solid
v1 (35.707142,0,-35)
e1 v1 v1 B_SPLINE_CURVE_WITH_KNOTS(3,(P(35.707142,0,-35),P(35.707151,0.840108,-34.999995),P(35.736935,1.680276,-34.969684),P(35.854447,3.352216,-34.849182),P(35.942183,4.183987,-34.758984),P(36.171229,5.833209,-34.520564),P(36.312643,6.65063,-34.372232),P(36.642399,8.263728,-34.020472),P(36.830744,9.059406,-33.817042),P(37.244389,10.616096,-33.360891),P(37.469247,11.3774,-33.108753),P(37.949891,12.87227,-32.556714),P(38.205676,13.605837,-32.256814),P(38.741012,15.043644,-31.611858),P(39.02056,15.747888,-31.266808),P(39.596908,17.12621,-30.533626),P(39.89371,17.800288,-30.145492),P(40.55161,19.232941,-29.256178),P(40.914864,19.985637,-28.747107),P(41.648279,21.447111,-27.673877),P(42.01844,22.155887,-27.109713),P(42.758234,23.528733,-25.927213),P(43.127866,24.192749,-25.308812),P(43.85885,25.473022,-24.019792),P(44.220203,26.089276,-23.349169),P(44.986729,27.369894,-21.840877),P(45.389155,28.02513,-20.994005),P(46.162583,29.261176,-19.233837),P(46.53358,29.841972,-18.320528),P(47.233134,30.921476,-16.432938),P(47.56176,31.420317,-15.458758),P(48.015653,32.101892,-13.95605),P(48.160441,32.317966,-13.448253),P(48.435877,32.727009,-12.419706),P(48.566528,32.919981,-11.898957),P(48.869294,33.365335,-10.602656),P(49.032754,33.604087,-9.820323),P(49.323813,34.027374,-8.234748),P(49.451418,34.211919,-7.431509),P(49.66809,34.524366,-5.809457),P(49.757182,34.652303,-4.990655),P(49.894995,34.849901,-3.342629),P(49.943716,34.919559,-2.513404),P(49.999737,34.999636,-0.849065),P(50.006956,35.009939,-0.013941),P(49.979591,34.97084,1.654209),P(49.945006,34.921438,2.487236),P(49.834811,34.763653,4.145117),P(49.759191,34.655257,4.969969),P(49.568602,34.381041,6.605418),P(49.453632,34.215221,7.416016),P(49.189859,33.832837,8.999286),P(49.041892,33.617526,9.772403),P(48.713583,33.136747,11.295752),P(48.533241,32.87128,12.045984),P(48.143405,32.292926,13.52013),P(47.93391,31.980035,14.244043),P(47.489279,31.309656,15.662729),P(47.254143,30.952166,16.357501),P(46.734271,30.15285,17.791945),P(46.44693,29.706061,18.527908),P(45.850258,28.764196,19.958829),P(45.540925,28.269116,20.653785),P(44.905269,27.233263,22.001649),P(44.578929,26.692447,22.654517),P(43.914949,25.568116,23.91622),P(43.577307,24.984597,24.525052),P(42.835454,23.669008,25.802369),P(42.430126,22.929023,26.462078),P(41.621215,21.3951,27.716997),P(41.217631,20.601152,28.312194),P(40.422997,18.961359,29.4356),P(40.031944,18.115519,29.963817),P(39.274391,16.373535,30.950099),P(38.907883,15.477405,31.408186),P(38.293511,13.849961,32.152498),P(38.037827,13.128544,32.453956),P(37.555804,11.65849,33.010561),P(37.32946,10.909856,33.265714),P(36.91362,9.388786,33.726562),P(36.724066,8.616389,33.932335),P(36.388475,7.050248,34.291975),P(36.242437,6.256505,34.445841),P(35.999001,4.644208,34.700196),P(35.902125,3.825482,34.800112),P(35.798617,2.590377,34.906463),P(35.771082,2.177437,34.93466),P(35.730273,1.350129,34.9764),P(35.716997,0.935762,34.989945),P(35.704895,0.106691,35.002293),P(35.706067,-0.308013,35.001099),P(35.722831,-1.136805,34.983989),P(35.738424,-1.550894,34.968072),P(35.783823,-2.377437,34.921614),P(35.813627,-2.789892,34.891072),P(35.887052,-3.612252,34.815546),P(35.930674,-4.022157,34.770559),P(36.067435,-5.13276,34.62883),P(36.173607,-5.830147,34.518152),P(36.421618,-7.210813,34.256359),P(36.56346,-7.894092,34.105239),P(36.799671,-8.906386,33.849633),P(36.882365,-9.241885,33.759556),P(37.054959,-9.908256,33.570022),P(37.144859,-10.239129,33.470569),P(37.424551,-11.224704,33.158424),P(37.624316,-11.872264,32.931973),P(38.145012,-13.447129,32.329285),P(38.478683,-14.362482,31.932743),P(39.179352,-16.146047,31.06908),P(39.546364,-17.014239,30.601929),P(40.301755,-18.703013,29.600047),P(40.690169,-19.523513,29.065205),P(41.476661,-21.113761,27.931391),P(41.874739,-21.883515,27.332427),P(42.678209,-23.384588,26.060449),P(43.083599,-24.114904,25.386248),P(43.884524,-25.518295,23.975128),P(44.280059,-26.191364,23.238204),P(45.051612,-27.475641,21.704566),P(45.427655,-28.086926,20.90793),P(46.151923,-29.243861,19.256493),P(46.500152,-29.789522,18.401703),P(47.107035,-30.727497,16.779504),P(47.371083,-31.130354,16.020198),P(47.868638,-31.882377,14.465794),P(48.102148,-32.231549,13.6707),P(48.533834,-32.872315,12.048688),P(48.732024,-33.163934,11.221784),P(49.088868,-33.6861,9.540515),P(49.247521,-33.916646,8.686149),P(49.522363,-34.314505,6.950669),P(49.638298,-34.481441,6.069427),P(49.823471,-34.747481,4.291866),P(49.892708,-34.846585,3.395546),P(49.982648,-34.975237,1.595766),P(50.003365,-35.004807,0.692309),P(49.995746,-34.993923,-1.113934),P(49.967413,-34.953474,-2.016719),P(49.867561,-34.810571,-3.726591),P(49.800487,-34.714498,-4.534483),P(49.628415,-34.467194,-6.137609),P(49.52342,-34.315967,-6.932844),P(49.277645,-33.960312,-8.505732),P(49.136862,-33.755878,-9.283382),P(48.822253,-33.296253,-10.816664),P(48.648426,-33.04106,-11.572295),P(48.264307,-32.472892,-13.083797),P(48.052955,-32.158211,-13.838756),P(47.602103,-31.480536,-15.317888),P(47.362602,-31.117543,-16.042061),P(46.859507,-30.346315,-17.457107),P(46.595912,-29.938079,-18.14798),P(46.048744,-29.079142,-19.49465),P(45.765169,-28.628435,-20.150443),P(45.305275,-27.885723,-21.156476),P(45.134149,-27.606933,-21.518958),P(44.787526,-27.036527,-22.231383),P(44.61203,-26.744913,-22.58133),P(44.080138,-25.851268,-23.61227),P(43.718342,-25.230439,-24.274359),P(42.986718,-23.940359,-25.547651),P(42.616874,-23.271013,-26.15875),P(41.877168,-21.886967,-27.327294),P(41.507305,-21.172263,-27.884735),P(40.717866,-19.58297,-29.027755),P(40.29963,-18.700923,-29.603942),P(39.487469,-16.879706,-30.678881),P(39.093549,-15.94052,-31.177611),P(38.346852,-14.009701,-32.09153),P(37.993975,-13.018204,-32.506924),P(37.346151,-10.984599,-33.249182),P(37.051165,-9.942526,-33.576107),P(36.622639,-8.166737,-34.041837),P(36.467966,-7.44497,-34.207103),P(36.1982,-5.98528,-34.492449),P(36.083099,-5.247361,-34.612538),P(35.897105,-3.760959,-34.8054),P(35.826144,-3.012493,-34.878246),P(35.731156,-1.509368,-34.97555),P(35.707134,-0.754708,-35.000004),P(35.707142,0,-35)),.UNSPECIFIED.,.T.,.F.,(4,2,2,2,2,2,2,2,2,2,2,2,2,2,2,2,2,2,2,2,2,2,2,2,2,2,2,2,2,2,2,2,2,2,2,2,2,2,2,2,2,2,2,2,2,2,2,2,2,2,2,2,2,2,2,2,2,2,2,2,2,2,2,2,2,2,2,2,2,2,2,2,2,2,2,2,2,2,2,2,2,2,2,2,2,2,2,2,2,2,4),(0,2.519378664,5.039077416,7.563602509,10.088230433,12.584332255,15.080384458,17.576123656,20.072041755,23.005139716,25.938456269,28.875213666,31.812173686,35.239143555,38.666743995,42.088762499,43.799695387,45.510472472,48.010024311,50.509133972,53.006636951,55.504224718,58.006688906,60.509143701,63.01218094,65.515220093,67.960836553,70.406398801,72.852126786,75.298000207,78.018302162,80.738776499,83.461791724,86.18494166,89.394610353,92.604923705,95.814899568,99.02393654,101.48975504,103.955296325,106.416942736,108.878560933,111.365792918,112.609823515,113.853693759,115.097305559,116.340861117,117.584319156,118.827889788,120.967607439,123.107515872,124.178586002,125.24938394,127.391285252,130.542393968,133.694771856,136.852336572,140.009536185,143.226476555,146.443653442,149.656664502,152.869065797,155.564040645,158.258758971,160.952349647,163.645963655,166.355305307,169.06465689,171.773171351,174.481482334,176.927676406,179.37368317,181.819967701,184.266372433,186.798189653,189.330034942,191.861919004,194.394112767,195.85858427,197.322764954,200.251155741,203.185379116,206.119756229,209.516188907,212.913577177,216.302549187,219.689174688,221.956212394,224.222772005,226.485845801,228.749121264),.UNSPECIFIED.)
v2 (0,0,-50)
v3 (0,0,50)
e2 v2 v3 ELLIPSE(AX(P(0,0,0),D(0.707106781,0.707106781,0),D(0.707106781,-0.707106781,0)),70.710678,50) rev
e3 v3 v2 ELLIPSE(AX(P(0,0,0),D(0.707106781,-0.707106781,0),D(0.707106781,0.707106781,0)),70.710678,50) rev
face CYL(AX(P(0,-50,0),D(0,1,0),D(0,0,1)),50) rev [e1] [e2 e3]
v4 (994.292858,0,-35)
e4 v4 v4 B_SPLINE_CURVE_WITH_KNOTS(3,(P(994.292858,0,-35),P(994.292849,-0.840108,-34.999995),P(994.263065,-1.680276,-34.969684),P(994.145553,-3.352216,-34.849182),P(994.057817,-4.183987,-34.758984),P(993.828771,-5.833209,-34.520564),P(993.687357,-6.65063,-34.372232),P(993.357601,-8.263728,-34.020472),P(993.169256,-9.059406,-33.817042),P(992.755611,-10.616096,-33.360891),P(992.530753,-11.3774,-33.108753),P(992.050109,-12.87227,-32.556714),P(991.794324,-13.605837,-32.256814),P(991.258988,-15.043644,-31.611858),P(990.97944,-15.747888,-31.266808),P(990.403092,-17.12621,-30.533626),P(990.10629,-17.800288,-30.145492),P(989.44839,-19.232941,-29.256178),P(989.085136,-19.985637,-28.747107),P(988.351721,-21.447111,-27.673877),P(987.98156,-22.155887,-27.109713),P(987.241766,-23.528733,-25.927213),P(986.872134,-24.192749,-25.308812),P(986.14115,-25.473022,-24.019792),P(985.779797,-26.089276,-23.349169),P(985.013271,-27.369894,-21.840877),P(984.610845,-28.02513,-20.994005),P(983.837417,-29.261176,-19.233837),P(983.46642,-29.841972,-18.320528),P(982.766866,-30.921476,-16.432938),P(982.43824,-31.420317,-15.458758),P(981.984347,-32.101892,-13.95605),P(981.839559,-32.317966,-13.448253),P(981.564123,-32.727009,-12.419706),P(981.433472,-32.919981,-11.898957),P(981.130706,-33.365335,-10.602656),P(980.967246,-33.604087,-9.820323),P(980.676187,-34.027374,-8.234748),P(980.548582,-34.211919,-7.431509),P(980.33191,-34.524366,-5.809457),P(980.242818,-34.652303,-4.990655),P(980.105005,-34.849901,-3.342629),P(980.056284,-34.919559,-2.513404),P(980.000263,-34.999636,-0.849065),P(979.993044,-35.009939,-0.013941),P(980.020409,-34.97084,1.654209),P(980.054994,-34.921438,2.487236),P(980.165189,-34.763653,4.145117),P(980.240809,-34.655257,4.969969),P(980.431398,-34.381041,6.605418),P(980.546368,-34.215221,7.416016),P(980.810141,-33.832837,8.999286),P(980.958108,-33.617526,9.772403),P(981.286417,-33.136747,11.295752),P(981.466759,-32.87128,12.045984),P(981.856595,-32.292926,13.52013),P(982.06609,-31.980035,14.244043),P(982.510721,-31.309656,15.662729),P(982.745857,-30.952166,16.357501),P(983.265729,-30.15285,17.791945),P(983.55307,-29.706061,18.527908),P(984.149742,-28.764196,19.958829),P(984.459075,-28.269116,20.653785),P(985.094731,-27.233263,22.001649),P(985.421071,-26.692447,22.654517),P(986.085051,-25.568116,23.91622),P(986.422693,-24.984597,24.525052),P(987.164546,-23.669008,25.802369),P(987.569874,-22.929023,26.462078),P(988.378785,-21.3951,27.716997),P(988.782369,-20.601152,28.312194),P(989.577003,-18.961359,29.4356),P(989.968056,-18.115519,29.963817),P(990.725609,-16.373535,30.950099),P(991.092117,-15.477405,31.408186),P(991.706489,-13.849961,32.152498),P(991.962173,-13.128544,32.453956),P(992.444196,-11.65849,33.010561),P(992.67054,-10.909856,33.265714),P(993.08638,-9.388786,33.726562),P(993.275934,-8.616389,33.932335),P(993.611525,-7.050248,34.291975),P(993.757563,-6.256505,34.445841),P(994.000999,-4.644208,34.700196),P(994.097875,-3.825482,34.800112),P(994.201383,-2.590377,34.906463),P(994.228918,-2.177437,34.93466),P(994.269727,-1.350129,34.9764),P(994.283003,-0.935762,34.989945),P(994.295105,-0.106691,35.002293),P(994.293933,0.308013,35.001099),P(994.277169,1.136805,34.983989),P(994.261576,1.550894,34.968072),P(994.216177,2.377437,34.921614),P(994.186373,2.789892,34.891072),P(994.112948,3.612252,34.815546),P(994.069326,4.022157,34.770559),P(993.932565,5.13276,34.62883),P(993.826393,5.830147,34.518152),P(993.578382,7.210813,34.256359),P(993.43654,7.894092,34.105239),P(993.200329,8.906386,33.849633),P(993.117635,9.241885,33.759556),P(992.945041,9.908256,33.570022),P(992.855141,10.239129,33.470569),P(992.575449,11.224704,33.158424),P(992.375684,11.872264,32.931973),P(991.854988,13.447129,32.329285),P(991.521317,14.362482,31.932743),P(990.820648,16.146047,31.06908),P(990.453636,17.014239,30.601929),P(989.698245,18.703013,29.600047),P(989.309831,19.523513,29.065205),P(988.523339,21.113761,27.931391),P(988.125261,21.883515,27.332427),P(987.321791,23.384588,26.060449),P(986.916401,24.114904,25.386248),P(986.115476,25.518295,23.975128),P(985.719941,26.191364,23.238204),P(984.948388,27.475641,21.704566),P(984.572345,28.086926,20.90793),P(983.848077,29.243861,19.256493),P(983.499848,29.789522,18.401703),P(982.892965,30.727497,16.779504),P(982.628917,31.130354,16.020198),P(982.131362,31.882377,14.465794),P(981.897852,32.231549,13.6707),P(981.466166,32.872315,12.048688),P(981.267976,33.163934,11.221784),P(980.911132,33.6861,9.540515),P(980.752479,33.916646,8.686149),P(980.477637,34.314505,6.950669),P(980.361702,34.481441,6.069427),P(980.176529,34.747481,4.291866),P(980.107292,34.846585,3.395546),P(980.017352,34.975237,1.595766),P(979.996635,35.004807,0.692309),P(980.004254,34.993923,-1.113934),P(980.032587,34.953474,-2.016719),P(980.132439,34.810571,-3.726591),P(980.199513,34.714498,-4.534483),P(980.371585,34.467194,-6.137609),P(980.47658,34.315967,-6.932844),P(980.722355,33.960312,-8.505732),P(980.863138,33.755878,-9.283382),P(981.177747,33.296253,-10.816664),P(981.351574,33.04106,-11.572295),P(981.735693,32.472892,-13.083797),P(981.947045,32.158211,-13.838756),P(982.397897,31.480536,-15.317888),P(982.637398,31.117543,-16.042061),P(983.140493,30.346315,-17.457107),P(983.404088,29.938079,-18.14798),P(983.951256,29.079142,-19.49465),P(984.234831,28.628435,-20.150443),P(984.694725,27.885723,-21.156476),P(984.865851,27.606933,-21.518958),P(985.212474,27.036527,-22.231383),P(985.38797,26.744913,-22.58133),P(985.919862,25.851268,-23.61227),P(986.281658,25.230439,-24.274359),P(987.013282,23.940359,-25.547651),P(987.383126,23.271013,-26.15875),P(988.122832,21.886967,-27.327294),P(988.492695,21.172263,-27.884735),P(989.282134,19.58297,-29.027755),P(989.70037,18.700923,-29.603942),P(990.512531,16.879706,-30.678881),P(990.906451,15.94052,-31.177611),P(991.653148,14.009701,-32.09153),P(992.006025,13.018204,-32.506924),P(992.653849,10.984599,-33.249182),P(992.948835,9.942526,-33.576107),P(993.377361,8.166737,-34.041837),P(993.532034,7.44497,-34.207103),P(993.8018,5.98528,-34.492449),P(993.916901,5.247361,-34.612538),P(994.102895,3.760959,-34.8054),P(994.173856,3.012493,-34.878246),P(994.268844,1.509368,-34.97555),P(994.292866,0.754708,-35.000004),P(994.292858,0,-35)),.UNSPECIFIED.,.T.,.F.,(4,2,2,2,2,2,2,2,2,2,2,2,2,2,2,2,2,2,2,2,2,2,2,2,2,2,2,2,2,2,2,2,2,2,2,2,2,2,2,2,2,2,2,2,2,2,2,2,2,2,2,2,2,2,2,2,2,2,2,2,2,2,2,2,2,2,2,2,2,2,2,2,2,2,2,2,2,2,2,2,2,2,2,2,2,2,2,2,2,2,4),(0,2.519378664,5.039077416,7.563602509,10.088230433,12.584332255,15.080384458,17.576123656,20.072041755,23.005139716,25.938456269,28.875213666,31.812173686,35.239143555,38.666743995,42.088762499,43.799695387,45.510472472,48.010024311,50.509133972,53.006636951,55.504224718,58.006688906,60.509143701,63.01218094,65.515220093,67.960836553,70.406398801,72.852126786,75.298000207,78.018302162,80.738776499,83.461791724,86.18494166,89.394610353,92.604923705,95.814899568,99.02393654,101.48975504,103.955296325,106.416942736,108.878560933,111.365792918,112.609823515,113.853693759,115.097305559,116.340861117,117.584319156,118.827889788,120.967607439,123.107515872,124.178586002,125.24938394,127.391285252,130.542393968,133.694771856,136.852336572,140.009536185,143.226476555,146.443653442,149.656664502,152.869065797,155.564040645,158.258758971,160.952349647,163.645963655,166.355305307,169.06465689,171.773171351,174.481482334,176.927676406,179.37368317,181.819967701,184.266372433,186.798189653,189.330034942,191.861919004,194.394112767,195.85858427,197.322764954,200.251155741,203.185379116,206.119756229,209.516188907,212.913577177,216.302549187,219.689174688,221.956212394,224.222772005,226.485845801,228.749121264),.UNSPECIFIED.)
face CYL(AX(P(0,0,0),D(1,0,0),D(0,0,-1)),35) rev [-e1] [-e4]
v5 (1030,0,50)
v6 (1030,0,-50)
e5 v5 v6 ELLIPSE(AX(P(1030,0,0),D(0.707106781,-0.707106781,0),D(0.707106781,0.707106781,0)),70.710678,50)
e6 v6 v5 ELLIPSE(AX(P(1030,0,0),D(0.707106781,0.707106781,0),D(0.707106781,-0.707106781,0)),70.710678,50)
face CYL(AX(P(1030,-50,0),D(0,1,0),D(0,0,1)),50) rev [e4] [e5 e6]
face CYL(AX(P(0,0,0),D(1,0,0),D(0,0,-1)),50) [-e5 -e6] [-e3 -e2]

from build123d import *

# Parameters (mm, degrees)
SKETCH3_R               = 50
SKETCH3_R_2             = 35
CUT_EXTRUDE1_DEPTH      = 1033.424331368
CUT_EXTRUDE1_DEPTH_BACK = 1033.424331368
SKETCH4_R               = 50


with BuildPart() as part:
    # Sweep1: sweep along a path in Sketch2
    with BuildLine(Plane(origin=(0, 0, 0), x_dir=(1, 0, 0), z_dir=(0, 1, 0))) as sweep1_path:
        Line((0, 0), (1030, 0))
    # Sketch3 → Sweep1 (sweep)
    with BuildSketch(Plane(origin=(0, 0, 0), x_dir=(0, 0, -1), z_dir=(1, 0, 0))):
        Circle(SKETCH3_R)
        Circle(SKETCH3_R_2, mode=Mode.SUBTRACT)
    sweep(path=sweep1_path.line)

    # Sketch4 → Cut-Extrude1 (cut, two sides: drawn at the far end of the back side and taken through both)
    with BuildSketch(Plane(origin=(0, 0, 0), x_dir=(1, 0, 0), z_dir=(0, 1, 0)).offset(-CUT_EXTRUDE1_DEPTH_BACK)):
        Circle(SKETCH4_R)
        with Locations((1030, 0)):
            Circle(SKETCH4_R)
    extrude(amount=CUT_EXTRUDE1_DEPTH + CUT_EXTRUDE1_DEPTH_BACK, mode=Mode.SUBTRACT)


solid = part.part
